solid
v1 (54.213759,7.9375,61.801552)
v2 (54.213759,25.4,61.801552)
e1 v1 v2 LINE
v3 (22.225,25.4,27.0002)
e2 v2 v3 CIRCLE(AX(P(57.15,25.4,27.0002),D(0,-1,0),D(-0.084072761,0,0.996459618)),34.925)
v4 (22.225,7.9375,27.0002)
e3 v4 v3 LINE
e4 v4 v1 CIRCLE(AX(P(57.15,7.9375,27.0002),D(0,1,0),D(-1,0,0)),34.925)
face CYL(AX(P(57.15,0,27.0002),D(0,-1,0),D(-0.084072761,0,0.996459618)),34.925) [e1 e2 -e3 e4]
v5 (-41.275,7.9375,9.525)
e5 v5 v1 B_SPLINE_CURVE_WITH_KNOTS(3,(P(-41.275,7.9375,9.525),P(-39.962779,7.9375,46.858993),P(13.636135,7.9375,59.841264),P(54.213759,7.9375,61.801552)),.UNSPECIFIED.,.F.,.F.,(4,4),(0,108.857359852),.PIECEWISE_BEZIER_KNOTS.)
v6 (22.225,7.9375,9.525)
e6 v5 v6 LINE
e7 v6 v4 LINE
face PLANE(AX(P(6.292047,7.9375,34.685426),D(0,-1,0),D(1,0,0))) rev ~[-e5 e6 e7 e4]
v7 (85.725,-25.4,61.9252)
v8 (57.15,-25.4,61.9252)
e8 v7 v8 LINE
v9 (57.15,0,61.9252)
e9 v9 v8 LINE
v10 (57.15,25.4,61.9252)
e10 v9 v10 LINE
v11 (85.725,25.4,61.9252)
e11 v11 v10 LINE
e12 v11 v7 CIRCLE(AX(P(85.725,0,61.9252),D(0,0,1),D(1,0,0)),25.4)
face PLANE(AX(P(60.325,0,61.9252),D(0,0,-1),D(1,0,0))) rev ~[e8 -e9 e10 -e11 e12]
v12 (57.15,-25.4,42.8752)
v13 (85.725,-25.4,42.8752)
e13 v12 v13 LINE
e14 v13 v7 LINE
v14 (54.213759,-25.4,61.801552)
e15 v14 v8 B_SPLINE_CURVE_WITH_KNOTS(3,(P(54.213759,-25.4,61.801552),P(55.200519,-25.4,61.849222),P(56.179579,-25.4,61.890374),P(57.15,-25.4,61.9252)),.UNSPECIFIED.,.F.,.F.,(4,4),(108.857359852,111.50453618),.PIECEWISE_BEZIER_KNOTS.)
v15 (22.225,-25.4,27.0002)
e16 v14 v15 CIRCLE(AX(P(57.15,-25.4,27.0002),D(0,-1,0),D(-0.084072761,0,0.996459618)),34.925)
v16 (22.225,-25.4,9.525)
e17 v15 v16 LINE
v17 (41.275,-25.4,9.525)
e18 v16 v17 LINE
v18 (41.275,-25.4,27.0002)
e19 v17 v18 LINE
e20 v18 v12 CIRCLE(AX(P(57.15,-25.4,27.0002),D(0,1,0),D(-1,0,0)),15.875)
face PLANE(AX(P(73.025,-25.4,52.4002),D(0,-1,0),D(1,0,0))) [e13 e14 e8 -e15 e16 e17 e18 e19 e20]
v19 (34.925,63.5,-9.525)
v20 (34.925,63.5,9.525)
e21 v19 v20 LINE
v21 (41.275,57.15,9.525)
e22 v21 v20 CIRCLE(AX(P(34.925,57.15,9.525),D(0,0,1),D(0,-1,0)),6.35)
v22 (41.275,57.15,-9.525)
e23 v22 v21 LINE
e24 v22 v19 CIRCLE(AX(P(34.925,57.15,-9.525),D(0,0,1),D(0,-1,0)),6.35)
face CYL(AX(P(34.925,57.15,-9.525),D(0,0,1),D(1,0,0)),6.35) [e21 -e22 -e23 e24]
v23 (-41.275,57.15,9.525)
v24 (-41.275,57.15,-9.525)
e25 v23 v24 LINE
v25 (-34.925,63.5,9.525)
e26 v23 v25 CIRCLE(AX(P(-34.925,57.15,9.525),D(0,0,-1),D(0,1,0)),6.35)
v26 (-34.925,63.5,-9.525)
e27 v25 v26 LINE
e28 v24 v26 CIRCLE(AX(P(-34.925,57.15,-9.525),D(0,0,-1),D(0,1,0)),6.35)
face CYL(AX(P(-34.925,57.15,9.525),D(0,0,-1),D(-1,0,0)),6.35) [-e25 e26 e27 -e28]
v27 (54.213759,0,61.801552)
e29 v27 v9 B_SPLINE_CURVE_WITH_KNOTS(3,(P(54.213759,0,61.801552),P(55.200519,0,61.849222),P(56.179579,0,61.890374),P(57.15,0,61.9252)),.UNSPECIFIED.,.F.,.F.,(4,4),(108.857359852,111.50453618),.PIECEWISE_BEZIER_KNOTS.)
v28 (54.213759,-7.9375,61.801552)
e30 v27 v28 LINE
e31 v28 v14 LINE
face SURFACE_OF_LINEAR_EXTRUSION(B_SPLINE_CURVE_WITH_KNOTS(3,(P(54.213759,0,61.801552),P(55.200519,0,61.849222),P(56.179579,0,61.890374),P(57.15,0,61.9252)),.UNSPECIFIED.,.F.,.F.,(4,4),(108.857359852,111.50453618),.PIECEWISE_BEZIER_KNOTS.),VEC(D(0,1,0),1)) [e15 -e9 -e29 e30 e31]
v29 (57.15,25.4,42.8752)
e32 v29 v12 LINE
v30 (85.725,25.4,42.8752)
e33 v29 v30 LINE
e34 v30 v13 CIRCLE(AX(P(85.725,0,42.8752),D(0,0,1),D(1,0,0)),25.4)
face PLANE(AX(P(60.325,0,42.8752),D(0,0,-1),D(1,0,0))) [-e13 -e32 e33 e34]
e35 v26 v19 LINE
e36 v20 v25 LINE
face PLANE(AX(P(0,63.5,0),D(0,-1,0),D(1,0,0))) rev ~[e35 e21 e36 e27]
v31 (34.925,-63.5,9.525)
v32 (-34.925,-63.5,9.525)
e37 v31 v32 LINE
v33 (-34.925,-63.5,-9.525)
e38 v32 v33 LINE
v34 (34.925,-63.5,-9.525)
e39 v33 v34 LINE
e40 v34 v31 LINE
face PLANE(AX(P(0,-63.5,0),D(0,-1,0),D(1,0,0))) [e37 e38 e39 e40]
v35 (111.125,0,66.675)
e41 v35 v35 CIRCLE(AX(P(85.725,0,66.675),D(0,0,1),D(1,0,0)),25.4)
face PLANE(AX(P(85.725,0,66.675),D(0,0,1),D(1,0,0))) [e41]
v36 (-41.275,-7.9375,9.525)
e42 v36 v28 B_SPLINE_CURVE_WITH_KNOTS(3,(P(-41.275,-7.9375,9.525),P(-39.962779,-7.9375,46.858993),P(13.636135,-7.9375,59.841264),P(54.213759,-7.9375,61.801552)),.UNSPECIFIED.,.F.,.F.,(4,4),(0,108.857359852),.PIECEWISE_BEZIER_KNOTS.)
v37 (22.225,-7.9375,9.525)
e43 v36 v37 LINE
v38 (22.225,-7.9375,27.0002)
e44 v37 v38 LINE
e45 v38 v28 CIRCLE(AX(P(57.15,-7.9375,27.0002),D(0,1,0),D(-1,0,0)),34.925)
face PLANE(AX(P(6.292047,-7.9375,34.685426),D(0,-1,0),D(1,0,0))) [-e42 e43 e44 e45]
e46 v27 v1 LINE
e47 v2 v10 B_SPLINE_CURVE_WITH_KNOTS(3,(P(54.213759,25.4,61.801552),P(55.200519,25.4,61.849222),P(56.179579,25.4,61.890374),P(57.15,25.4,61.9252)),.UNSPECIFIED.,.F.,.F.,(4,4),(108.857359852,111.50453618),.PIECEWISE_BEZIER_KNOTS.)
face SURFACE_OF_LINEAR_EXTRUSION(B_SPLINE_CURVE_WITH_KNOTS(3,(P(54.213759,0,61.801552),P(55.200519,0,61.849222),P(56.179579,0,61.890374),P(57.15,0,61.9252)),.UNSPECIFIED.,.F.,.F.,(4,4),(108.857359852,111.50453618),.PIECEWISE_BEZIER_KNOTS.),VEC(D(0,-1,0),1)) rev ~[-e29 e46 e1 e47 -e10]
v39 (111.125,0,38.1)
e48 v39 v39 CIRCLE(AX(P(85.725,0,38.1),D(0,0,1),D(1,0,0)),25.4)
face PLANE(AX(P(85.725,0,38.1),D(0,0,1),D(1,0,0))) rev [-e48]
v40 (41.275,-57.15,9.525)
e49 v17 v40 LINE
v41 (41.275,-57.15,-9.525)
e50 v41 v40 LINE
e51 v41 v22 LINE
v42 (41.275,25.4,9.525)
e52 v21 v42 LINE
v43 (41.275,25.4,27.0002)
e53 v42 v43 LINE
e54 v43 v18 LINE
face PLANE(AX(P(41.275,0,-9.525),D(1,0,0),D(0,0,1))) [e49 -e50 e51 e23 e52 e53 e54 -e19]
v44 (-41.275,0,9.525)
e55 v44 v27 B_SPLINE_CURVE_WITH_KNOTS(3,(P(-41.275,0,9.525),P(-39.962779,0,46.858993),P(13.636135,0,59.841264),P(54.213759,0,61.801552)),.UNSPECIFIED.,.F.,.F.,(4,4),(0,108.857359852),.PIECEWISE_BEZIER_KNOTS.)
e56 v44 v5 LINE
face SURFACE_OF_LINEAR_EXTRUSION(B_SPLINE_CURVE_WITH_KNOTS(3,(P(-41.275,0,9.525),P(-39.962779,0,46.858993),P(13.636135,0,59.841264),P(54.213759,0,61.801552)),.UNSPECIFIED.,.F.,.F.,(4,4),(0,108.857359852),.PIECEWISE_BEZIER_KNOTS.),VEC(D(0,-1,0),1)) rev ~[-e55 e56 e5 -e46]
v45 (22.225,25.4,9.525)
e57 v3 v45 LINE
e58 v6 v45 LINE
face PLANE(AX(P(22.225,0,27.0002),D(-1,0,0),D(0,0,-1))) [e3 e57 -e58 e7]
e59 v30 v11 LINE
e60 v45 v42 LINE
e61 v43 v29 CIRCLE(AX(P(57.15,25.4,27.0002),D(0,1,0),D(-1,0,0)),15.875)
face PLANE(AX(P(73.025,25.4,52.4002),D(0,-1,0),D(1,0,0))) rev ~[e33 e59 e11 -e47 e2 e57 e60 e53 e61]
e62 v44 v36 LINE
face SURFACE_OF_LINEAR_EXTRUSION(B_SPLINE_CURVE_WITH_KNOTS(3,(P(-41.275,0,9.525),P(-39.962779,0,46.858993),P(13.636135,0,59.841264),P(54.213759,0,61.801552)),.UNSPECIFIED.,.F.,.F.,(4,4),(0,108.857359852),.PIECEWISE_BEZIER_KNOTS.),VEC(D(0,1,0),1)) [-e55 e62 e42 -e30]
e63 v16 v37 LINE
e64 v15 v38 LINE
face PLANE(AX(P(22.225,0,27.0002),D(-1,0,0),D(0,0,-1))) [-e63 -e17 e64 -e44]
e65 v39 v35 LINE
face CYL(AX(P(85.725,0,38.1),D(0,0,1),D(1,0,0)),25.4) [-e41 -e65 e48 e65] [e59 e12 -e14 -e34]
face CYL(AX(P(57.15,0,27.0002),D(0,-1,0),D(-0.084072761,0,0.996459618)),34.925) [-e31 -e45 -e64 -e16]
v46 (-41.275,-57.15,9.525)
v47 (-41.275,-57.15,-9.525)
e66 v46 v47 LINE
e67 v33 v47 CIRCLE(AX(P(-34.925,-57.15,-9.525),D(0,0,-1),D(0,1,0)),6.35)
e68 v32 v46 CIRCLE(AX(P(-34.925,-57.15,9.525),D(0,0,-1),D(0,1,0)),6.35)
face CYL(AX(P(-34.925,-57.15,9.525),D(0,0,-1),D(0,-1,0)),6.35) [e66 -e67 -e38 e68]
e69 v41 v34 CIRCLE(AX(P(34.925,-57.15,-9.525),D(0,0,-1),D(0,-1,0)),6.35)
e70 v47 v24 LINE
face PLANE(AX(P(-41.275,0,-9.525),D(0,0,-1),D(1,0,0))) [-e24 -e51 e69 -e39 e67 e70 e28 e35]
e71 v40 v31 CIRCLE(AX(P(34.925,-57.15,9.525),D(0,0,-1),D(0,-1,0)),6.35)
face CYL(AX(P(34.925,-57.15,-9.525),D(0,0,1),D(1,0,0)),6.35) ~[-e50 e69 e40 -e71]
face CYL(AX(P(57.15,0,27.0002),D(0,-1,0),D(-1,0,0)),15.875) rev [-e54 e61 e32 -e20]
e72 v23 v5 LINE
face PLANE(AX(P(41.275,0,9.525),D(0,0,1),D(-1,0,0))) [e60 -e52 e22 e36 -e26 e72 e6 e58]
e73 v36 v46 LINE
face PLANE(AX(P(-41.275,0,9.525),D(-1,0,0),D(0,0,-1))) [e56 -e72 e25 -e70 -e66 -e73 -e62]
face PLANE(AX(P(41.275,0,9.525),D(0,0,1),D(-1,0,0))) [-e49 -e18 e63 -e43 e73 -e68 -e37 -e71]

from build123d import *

# Parameters (mm, degrees)
F1_DEPTH = 63.5
F2_DEPTH = 25.4
F3_DEPTH = 7.9375
F0_W     = 25.4
F0_H     = 19.0500000358
F4_DEPTH = 25.4
F6_R     = 6.35


with BuildPart() as f1:
    # F0 (on Front) → F1 (new body, symmetric)
    with BuildSketch(Plane.XZ):
        Polygon((41.275, -9.525), (41.275, 9.525), (22.2249999642, 9.525), (-41.275, 9.525), (-41.275, -9.525), align=None)
    extrude(amount=F1_DEPTH, both=True)

    # F0 (on Front) → F2 (join, symmetric)
    with BuildSketch(Plane.XZ):
        with BuildLine():
            Line((22.2249999642, 9.525), (41.275, 9.525))
            Line((41.275, 9.525), (41.275, 27.0002))
            ThreePointArc((41.275, 27.0002), (45.9246798487, 38.2255201513), (57.15, 42.8752))
            Line((57.15, 42.8752), (60.325, 42.8752))
            Line((60.325, 42.8752), (60.325, 61.9252000358))
            Line((60.325, 61.9252000358), (57.15, 61.9252000358))
            add(Edge.make_bspline(
                [(54.2137588314, 61.801552205), (55.2005191802, 61.8492221851), (56.1795792911, 61.8903742324), (57.15, 61.9252000358)],
                knots=[108.8573598522, 108.8573598522, 108.8573598522, 108.8573598522, 111.5045361803, 111.5045361803, 111.5045361803, 111.5045361803], degree=3))
            ThreePointArc((54.2137588314, 61.801552205), (31.4371253025, 50.6349985456), (22.2249999642, 27.0002))
            Line((22.2249999642, 27.0002), (22.2249999642, 9.525))
        make_face()
    extrude(amount=F2_DEPTH, both=True)

    # F0 (on Front) → F3 (join, symmetric)
    with BuildSketch(Plane.XZ):
        with BuildLine():
            Line((-41.275, 9.525), (22.2249999642, 9.525))
            Line((22.2249999642, 9.525), (22.2249999642, 27.0002))
            ThreePointArc((22.2249999642, 27.0002), (31.4371253025, 50.6349985456), (54.2137588314, 61.801552205))
            add(Edge.make_bspline(
                [(-41.275, 9.525), (-39.9627792732, 46.8589932408), (13.6361345752, 59.8412641353), (54.2137588314, 61.801552205)],
                knots=[0, 0, 0, 0, 108.8573598522, 108.8573598522, 108.8573598522, 108.8573598522], degree=3))
        make_face()
    extrude(amount=F3_DEPTH, both=True)

    # F0 (on Front) → F4 (join, symmetric)
    with BuildSketch(Plane.XZ):
        with Locations((73.025, 52.4002000179)):
            Rectangle(F0_W, F0_H)
    extrude(amount=F4_DEPTH, both=True)

    # F0 (on Front) → F5 (revolve)
    with BuildSketch(Plane.XZ):
        Polygon((85.725, 61.9252000358), (85.725, 42.8752), (85.725, 38.1), (111.125, 38.1), (111.125, 66.675), (85.725, 66.675), align=None)
    revolve(axis=Axis((85.725, 0, 52.3875), (0, 0, 1)))

    # F6
    f6_edges = [f1.edges().sort_by_distance(p)[0] for p in [
        (41.275, -63.5, 0),
        (-41.275, -63.5, 0),
        (-41.275, 63.5, 0),
        (41.275, 63.5, 0),
    ]]
    fillet(f6_edges, radius=F6_R)


solid = f1.part
